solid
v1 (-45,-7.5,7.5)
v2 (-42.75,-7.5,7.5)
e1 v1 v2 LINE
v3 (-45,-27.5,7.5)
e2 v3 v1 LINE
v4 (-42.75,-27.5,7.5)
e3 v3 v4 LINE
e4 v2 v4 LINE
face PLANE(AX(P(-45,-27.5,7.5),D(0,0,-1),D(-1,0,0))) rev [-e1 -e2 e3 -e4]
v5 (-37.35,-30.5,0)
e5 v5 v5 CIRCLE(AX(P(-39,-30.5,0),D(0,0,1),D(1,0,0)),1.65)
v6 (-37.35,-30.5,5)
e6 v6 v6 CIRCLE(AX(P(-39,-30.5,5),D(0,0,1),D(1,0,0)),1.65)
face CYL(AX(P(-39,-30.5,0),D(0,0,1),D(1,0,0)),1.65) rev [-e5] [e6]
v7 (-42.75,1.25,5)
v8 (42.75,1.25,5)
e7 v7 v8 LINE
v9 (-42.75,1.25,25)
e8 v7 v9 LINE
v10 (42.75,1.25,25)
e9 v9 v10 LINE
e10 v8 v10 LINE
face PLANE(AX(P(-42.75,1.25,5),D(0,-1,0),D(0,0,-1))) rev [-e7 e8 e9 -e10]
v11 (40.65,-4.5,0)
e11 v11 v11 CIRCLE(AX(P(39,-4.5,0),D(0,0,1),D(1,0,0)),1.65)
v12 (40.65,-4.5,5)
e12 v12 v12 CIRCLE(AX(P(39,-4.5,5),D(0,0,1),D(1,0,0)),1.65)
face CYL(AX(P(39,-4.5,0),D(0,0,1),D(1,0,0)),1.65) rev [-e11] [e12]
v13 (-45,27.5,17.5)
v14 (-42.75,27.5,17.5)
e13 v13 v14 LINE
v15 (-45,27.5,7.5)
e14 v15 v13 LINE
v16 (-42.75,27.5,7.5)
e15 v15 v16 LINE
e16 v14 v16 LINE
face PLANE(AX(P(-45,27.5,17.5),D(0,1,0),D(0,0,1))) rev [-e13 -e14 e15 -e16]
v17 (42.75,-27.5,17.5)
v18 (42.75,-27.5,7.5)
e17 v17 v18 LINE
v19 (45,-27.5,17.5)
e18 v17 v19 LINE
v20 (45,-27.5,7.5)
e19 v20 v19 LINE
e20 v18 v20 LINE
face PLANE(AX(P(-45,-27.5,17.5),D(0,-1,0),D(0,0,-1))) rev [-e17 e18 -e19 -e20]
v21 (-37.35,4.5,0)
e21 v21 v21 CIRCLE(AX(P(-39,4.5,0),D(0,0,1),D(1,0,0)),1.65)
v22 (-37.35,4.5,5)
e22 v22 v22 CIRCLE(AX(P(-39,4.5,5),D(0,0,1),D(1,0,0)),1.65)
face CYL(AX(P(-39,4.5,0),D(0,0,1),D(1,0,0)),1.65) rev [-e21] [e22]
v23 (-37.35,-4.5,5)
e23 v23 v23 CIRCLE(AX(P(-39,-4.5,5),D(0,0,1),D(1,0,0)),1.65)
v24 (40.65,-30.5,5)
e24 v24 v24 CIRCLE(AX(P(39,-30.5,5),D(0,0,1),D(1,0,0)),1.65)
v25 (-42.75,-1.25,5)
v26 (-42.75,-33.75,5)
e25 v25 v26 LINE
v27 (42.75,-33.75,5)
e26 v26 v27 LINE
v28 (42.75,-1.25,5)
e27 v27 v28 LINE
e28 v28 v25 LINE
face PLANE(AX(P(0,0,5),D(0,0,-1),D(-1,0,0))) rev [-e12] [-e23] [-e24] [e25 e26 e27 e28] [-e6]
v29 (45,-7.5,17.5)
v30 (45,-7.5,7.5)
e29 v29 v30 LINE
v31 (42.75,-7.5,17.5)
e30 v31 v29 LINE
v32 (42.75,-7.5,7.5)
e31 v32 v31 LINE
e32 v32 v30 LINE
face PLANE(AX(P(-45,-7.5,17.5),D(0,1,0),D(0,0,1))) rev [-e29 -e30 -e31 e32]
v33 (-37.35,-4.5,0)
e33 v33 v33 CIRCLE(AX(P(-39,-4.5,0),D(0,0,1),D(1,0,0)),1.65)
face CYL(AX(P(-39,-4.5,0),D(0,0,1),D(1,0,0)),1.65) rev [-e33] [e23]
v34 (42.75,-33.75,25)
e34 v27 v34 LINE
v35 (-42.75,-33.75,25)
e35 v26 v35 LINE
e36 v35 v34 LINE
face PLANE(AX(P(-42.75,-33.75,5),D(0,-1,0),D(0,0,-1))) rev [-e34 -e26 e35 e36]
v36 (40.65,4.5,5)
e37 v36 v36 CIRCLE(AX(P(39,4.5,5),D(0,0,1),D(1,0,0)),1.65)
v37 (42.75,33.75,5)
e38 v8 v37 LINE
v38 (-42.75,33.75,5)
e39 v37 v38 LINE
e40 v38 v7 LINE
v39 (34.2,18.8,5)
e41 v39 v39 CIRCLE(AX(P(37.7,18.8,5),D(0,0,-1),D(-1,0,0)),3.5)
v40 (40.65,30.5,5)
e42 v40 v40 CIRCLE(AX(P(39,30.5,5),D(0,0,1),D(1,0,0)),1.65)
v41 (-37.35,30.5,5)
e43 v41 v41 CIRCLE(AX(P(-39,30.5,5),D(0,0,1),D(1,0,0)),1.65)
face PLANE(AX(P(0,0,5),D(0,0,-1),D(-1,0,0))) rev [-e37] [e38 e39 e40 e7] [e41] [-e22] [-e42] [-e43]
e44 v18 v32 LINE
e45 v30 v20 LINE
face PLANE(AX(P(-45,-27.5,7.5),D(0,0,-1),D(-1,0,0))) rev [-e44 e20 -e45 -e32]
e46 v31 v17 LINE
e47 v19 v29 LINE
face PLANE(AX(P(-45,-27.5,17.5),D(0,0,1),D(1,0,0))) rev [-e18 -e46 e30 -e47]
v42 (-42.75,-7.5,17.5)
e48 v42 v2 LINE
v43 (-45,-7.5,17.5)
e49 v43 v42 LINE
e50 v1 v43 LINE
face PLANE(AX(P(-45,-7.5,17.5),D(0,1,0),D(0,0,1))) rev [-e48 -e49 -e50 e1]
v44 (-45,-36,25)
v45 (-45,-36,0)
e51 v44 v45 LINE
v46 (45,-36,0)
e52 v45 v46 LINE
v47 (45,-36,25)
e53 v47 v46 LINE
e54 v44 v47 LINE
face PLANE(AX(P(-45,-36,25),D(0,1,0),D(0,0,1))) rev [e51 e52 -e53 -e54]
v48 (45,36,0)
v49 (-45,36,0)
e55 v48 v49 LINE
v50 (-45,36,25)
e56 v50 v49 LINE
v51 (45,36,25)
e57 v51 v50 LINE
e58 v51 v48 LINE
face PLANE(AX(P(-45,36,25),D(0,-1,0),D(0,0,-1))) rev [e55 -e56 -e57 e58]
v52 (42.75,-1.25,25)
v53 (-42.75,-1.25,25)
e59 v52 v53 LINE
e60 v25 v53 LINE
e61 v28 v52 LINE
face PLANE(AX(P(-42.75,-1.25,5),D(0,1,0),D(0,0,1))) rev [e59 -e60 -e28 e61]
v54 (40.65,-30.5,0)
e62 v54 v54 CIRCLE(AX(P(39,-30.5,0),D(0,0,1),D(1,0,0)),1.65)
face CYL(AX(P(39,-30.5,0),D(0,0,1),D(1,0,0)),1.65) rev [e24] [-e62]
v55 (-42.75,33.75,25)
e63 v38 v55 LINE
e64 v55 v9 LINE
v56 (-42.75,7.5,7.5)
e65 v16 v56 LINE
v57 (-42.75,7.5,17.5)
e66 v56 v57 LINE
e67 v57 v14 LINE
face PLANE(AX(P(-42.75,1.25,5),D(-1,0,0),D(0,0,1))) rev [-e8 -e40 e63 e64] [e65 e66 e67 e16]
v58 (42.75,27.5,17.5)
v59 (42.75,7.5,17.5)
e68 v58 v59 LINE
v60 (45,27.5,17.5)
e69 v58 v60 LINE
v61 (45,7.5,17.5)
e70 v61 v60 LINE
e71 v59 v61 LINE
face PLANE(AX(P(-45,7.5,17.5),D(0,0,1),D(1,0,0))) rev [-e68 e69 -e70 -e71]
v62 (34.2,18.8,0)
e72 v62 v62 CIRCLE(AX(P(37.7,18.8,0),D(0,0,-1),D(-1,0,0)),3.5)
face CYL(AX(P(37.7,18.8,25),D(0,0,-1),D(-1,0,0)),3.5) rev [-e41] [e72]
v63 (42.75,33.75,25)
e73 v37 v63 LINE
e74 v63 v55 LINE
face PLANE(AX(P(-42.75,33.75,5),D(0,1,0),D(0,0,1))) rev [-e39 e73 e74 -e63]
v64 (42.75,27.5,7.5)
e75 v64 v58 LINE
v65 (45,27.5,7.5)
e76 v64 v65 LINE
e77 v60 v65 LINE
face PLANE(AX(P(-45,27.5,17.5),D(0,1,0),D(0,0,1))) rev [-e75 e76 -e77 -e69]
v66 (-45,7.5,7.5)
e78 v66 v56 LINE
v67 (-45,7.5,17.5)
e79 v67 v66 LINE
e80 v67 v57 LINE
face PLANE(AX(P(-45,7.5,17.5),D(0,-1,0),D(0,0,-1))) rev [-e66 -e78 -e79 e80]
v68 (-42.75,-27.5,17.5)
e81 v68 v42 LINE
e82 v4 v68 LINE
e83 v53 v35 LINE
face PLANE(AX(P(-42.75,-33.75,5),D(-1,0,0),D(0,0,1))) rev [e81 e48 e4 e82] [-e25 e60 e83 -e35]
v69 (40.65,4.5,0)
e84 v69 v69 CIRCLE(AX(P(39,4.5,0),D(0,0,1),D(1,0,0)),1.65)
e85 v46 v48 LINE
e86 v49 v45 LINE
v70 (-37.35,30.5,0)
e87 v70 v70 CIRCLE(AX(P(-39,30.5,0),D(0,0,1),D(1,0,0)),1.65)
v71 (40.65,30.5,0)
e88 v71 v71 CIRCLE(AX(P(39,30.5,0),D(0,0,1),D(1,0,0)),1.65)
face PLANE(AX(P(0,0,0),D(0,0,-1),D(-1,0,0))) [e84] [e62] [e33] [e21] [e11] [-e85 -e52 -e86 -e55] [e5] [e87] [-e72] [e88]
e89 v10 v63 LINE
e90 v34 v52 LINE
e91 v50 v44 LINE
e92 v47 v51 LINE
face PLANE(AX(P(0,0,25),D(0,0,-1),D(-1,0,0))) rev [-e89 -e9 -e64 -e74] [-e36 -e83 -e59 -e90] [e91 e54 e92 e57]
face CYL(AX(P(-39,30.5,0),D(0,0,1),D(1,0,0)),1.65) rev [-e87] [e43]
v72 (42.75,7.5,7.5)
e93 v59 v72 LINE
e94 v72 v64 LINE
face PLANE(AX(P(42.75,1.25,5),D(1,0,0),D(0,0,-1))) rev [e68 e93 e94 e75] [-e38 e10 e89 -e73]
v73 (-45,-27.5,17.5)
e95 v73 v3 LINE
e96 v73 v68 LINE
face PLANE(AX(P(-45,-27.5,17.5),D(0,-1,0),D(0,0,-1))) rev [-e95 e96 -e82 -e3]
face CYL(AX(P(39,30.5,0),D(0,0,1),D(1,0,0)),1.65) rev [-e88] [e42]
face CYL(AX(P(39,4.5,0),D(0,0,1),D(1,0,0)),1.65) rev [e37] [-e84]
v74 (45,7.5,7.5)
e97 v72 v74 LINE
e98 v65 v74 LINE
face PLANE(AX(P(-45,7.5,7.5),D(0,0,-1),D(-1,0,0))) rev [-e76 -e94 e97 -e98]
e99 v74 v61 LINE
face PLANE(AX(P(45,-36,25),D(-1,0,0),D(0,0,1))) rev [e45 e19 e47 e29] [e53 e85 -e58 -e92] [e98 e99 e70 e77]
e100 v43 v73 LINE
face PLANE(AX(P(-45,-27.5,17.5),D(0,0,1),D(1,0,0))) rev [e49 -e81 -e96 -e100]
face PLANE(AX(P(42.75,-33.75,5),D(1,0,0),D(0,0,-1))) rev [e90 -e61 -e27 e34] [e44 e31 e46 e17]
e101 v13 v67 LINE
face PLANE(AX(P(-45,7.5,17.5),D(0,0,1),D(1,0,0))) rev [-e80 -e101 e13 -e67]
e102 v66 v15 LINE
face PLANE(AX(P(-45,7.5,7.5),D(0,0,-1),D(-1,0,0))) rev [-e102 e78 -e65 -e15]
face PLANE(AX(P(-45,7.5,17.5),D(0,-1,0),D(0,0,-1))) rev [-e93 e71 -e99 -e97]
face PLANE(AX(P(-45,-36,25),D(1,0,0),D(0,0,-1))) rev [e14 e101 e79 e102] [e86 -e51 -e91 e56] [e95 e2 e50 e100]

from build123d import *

# Parameters (mm, degrees)
SKETCH_1_W               = 90
SKETCH_1_H               = 72
EXTRUDE_1_DEPTH          = 25
SKETCH_2_W               = 85.5
SKETCH_2_H               = 32.5
CUT_EXTRUDE_1_DEPTH      = 20
SKETCH_3_W               = 10
SKETCH_3_H               = 20
CUT_EXTRUDE_2_DEPTH      = 1
CUT_EXTRUDE_2_DEPTH_BACK = 91
SKETCH_4_R               = 1.65
CUT_EXTRUDE_3_DEPTH      = 21
CUT_EXTRUDE_3_DEPTH_BACK = 6
SKETCH_5_R               = 3.5
CUT_EXTRUDE_4_DEPTH      = 1
CUT_EXTRUDE_4_DEPTH_BACK = 26


with BuildPart() as part:
    # 草图1 → 凸台-拉伸1 (new body)
    with BuildSketch(Plane.XY):
        Rectangle(SKETCH_1_W, SKETCH_1_H)
    extrude(amount=EXTRUDE_1_DEPTH)

    # 草图2 → 切除-拉伸1 (cut)
    with BuildSketch(Plane.XY.offset(25)):
        with Locations((0, 17.5)):
            Rectangle(SKETCH_2_W, SKETCH_2_H)
        with Locations((0, -17.5)):
            Rectangle(SKETCH_2_W, SKETCH_2_H)
    extrude(amount=-CUT_EXTRUDE_1_DEPTH, mode=Mode.SUBTRACT)

    # 草图3 → 切除-拉伸2 (cut, two sides)
    with BuildSketch(Plane(origin=(45, 0, 0), x_dir=(0, 0, -1), z_dir=(1, 0, 0))) as cut_extrude_2_sk:
        with Locations((-12.5, 17.5)):
            Rectangle(SKETCH_3_W, SKETCH_3_H)
        with Locations((-12.5, -17.5)):
            Rectangle(SKETCH_3_W, SKETCH_3_H)
    extrude(amount=CUT_EXTRUDE_2_DEPTH, mode=Mode.SUBTRACT)
    extrude(cut_extrude_2_sk.sketch, amount=-CUT_EXTRUDE_2_DEPTH_BACK, mode=Mode.SUBTRACT)

    # 草图4 → 切除-拉伸3 (cut, two sides)
    with BuildSketch(Plane.XY.offset(5)) as cut_extrude_3_sk:
        with Locations((-39, 4.5)):
            Circle(SKETCH_4_R)
        with Locations((-39, 30.5)):
            Circle(SKETCH_4_R)
        with Locations((-39, -4.5)):
            Circle(SKETCH_4_R)
        with Locations((-39, -30.5)):
            Circle(SKETCH_4_R)
        with Locations((39, -30.5)):
            Circle(SKETCH_4_R)
        with Locations((39, -4.5)):
            Circle(SKETCH_4_R)
        with Locations((39, 4.5)):
            Circle(SKETCH_4_R)
        with Locations((39, 30.5)):
            Circle(SKETCH_4_R)
    extrude(amount=CUT_EXTRUDE_3_DEPTH, mode=Mode.SUBTRACT)
    extrude(cut_extrude_3_sk.sketch, amount=-CUT_EXTRUDE_3_DEPTH_BACK, mode=Mode.SUBTRACT)

    # 草图5 → 切除-拉伸4 (cut, two sides)
    with BuildSketch(Plane(origin=(0, 0, 0), x_dir=(-1, 0, 0), z_dir=(0, 0, -1))) as cut_extrude_4_sk:
        with Locations((-37.7, 18.8)):
            Circle(SKETCH_5_R)
    extrude(amount=CUT_EXTRUDE_4_DEPTH, mode=Mode.SUBTRACT)
    extrude(cut_extrude_4_sk.sketch, amount=-CUT_EXTRUDE_4_DEPTH_BACK, mode=Mode.SUBTRACT)


solid = part.part
